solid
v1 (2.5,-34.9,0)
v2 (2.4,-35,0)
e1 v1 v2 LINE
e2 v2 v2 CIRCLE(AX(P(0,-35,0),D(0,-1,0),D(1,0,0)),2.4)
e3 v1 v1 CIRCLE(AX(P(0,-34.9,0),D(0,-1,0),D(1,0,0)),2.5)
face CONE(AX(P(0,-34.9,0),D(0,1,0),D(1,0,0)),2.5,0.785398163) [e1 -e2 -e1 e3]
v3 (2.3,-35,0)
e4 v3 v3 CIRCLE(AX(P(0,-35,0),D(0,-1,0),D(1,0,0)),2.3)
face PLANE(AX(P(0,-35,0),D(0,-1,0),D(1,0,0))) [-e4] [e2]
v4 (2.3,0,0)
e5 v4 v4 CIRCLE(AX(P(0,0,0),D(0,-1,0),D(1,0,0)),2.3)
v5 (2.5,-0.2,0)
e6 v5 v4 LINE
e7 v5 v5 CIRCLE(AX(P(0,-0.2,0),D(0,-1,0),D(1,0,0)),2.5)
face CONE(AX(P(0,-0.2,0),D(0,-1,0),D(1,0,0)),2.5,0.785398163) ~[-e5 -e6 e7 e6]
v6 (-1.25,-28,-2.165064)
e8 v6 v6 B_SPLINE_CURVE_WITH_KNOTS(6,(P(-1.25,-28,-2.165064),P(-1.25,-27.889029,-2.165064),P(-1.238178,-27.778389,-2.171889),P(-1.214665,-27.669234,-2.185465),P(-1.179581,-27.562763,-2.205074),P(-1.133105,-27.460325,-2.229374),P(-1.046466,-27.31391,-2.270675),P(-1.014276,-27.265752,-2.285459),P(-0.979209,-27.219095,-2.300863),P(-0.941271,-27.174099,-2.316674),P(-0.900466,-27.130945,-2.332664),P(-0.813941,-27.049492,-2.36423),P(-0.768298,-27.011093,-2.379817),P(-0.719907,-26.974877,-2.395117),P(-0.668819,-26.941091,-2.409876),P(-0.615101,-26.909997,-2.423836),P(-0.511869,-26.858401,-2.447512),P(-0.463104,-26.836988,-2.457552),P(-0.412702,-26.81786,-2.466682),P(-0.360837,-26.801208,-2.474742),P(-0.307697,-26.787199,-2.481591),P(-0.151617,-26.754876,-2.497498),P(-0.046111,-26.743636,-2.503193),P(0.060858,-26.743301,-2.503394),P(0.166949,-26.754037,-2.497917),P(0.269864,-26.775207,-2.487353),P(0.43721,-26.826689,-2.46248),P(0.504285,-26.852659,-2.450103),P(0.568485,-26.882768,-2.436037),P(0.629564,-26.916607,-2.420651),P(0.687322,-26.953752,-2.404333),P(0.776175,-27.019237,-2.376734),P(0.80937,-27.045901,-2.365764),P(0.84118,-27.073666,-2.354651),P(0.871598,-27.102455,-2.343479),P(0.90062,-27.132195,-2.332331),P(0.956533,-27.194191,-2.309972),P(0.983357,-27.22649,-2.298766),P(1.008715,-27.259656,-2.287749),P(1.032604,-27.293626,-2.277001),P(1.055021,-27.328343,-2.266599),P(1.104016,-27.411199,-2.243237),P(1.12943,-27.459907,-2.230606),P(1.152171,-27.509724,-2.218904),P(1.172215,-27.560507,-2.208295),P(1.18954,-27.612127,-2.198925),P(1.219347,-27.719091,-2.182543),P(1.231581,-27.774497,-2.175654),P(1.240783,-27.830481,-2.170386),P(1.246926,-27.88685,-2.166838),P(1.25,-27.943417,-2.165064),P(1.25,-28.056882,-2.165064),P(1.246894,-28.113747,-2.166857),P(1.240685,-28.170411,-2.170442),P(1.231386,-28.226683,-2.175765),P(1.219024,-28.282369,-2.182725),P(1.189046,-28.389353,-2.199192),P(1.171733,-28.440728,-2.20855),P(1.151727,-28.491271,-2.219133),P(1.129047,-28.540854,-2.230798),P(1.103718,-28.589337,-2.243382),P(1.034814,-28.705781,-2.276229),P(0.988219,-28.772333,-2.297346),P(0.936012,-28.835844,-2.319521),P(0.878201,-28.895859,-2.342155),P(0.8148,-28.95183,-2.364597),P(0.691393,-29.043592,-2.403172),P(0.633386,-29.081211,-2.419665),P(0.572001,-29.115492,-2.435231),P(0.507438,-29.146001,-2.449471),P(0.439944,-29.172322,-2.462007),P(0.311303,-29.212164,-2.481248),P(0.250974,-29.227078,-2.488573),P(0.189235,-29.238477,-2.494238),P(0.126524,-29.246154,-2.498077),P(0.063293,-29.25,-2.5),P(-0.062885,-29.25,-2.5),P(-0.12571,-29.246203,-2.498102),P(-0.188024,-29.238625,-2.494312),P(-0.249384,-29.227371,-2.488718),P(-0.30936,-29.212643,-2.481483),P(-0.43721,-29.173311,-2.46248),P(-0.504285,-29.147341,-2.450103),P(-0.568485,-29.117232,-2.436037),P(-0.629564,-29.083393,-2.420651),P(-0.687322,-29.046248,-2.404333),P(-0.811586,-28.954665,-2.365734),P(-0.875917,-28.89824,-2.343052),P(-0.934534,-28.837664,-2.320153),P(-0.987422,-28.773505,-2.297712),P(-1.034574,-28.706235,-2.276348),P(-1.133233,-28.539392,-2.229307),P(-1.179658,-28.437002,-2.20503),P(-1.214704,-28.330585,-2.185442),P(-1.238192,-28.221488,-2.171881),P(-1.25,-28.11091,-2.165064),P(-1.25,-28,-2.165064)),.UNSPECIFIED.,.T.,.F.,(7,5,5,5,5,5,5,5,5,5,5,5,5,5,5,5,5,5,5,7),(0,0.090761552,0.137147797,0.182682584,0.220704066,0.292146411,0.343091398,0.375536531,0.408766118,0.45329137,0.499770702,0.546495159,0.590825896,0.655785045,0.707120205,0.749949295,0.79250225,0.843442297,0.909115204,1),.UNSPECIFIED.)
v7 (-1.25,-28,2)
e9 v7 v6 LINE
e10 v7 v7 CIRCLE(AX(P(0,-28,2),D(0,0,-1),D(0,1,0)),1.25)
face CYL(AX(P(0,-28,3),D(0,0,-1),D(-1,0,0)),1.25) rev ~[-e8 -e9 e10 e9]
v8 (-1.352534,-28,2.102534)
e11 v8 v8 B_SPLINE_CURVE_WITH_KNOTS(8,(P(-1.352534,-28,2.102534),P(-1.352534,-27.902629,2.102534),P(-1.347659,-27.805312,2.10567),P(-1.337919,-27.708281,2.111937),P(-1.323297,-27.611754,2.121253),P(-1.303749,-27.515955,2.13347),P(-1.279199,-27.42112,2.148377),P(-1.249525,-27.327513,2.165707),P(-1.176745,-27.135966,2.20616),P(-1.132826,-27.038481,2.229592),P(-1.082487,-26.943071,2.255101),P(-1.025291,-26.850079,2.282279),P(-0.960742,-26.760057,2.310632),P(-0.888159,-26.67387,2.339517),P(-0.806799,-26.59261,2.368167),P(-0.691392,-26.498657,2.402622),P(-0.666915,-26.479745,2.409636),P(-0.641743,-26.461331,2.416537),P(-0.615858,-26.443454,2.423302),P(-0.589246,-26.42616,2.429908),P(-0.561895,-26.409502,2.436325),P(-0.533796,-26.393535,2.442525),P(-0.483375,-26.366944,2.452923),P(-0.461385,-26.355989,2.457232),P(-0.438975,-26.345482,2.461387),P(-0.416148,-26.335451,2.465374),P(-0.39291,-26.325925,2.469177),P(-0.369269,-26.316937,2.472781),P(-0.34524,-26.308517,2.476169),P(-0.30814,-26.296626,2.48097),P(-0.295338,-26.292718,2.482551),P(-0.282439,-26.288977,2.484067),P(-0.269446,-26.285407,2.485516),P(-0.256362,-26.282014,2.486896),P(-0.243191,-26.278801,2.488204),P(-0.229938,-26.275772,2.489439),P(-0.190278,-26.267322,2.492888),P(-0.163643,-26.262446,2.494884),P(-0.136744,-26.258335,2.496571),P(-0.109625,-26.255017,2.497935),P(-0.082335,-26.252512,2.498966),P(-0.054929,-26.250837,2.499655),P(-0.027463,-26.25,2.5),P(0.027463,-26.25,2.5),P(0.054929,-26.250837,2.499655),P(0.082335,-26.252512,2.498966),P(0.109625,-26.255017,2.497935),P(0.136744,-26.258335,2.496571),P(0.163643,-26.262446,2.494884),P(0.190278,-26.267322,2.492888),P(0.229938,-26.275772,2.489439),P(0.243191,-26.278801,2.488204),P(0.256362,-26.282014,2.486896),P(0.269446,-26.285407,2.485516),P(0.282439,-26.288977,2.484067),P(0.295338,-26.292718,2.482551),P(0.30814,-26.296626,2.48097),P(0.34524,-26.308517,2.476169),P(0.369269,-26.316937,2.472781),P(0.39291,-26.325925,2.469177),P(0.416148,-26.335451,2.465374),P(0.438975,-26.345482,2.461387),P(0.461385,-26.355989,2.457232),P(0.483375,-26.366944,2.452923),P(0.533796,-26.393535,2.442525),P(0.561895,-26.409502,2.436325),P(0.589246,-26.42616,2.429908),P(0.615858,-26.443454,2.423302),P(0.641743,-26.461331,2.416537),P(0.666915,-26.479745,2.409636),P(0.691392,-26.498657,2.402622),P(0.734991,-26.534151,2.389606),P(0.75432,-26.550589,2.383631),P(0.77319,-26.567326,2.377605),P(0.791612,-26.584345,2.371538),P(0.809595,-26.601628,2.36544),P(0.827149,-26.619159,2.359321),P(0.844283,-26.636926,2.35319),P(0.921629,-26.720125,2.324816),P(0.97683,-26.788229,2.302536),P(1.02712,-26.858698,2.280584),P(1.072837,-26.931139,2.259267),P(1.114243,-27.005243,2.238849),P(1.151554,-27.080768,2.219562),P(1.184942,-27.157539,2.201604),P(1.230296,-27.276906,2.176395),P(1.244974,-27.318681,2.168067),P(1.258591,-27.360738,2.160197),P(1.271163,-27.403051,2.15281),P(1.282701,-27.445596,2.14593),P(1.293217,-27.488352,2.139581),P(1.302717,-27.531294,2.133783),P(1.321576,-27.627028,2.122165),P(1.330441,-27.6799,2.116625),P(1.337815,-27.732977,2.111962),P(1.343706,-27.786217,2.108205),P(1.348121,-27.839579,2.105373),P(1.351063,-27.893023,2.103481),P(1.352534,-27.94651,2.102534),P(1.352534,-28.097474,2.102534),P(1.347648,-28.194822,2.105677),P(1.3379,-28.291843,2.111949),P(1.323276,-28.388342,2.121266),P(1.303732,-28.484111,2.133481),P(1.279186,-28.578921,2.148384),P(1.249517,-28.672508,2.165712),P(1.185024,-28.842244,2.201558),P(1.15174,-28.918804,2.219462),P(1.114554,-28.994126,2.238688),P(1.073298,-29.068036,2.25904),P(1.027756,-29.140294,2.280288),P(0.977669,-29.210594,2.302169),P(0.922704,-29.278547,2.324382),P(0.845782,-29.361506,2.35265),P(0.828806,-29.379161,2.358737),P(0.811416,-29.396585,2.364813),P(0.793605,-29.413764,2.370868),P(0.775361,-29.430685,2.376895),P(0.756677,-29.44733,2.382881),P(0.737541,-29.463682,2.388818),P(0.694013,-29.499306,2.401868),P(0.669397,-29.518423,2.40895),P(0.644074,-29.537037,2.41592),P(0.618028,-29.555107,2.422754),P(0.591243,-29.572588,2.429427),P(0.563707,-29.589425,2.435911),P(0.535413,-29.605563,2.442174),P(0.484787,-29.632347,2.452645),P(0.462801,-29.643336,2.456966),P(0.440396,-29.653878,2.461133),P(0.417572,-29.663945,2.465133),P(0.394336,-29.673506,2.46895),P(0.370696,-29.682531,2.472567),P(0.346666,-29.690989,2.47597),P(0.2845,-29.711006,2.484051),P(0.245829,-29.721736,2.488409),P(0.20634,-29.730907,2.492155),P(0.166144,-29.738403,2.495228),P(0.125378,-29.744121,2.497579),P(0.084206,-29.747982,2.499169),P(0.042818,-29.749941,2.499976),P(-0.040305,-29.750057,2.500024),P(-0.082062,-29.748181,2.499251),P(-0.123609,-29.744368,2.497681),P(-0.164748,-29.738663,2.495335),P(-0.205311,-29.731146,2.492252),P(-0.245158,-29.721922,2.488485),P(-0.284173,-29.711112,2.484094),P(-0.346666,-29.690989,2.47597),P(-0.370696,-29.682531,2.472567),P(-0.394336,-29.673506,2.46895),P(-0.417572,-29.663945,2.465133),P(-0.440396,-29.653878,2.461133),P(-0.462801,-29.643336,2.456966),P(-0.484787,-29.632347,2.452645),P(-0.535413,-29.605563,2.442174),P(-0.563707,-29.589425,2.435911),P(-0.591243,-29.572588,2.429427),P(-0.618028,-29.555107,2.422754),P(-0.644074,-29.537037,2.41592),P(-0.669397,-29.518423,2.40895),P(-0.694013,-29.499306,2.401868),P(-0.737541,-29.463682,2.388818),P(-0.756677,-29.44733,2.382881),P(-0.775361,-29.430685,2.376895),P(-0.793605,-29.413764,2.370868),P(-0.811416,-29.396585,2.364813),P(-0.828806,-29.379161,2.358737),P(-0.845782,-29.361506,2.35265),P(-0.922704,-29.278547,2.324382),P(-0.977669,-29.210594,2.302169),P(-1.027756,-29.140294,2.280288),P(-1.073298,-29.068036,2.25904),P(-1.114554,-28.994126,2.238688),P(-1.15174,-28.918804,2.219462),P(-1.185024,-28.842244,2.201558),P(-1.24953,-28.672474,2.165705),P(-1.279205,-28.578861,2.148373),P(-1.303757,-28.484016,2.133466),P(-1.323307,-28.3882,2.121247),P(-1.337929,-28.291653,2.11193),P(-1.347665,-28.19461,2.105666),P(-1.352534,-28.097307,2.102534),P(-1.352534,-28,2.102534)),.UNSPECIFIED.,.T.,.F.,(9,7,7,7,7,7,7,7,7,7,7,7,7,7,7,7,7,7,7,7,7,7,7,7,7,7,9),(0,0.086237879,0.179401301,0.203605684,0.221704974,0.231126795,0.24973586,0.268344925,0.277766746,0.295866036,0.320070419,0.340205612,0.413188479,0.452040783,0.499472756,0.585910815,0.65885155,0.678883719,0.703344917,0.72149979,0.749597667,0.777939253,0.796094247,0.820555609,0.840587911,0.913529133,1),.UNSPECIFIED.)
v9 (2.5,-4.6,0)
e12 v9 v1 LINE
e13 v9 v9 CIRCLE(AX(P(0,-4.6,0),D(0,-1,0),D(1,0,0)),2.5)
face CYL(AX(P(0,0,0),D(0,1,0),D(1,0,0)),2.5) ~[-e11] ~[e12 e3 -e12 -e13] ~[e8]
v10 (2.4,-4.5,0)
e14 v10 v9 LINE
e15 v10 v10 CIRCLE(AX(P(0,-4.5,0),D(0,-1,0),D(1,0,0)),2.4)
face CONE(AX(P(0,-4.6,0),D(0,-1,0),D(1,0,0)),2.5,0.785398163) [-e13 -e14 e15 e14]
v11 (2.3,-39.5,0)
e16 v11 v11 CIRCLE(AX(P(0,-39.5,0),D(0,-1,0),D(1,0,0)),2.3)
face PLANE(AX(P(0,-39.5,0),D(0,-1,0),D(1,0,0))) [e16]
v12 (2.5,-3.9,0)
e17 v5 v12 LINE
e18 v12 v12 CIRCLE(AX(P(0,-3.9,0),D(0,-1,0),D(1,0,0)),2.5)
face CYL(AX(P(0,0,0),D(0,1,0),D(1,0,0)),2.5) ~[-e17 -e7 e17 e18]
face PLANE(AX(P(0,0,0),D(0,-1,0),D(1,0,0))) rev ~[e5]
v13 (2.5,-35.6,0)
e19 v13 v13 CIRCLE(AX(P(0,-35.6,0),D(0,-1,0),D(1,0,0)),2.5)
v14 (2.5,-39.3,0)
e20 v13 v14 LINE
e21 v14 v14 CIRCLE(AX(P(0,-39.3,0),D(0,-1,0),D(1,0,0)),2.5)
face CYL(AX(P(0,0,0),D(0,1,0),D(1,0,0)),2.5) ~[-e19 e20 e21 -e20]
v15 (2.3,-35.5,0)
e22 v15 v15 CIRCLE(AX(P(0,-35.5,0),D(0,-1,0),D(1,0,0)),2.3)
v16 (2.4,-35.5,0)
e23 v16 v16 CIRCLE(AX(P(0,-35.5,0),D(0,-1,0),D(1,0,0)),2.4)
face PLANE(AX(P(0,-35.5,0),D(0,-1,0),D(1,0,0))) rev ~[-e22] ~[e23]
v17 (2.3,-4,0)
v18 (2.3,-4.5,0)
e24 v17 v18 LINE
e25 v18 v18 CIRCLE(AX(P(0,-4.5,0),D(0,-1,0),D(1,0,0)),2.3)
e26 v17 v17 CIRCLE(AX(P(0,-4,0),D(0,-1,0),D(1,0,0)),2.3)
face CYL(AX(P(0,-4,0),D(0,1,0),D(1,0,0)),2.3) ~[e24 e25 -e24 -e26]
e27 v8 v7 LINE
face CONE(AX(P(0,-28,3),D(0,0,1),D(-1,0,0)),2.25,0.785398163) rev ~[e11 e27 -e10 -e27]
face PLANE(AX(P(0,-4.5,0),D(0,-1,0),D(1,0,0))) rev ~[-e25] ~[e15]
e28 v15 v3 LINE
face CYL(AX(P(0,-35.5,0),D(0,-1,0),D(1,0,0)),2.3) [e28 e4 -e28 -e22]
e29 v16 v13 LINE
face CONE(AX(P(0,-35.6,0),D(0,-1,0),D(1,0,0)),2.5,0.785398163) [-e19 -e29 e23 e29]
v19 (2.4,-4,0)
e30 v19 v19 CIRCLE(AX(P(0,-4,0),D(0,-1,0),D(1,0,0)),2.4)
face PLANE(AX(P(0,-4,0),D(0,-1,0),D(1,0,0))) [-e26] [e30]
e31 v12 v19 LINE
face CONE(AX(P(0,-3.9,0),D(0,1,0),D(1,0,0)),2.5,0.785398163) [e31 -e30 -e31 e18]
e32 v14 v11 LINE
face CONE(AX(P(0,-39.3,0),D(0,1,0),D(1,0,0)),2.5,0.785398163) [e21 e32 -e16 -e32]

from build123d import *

# Parameters (mm, degrees)
F0_R           = 2.5
F0_R_2         = 2.3
F1_DEPTH       = 39.5
F4_D           = 2.5
F4_CSINK_D     = 4.5
F4_CSINK_ANGLE = 90
F5_START       = 4
F5_DEPTH       = 0.5
F7_START       = -4
F6_R           = 2.5
F6_R_2         = 2.3
F7_DEPTH       = 0.5
F8_SIZE        = 0.2
F9_SIZE        = 0.1


with BuildPart() as f1:
    # F0 (on Front) → F1 (new body)
    with BuildSketch(Plane.XZ):
        Circle(F0_R)
        Circle(F0_R_2, mode=Mode.SUBTRACT)
        Circle(F0_R_2)
    extrude(amount=F1_DEPTH)

    # F4 (through all)
    with Locations(Plane.XY.offset(3)):
        with Locations((0, -28)):
            CounterSinkHole(F4_D / 2, F4_CSINK_D / 2, counter_sink_angle=F4_CSINK_ANGLE)

    # F0 (on Front) → F5 (cut)
    with BuildSketch(Plane.XZ.offset(F5_START)):
        Circle(F0_R)
        Circle(F0_R_2, mode=Mode.SUBTRACT)
    extrude(amount=F5_DEPTH, mode=Mode.SUBTRACT)

    # F6 (on face) → F7 (cut)
    with BuildSketch(Plane.XZ.offset(39.5).offset(F7_START)):
        Circle(F6_R)
        Circle(F6_R_2, mode=Mode.SUBTRACT)
    extrude(amount=-F7_DEPTH, mode=Mode.SUBTRACT)

    # F8
    f8_edges = [f1.edges().sort_by_distance(p)[0] for p in [
        (-2.5, -39.5, 0),
        (-2.5, 0, 0),
    ]]
    chamfer(f8_edges, length=F8_SIZE)

    # F9
    f9_edges = [f1.edges().sort_by_distance(p)[0] for p in [
        (-2.5, -4, 0),
        (-2.5, -4.5, 0),
        (-2.5, -35, 0),
        (-2.5, -35.5, 0),
    ]]
    chamfer(f9_edges, length=F9_SIZE)


solid = f1.part
